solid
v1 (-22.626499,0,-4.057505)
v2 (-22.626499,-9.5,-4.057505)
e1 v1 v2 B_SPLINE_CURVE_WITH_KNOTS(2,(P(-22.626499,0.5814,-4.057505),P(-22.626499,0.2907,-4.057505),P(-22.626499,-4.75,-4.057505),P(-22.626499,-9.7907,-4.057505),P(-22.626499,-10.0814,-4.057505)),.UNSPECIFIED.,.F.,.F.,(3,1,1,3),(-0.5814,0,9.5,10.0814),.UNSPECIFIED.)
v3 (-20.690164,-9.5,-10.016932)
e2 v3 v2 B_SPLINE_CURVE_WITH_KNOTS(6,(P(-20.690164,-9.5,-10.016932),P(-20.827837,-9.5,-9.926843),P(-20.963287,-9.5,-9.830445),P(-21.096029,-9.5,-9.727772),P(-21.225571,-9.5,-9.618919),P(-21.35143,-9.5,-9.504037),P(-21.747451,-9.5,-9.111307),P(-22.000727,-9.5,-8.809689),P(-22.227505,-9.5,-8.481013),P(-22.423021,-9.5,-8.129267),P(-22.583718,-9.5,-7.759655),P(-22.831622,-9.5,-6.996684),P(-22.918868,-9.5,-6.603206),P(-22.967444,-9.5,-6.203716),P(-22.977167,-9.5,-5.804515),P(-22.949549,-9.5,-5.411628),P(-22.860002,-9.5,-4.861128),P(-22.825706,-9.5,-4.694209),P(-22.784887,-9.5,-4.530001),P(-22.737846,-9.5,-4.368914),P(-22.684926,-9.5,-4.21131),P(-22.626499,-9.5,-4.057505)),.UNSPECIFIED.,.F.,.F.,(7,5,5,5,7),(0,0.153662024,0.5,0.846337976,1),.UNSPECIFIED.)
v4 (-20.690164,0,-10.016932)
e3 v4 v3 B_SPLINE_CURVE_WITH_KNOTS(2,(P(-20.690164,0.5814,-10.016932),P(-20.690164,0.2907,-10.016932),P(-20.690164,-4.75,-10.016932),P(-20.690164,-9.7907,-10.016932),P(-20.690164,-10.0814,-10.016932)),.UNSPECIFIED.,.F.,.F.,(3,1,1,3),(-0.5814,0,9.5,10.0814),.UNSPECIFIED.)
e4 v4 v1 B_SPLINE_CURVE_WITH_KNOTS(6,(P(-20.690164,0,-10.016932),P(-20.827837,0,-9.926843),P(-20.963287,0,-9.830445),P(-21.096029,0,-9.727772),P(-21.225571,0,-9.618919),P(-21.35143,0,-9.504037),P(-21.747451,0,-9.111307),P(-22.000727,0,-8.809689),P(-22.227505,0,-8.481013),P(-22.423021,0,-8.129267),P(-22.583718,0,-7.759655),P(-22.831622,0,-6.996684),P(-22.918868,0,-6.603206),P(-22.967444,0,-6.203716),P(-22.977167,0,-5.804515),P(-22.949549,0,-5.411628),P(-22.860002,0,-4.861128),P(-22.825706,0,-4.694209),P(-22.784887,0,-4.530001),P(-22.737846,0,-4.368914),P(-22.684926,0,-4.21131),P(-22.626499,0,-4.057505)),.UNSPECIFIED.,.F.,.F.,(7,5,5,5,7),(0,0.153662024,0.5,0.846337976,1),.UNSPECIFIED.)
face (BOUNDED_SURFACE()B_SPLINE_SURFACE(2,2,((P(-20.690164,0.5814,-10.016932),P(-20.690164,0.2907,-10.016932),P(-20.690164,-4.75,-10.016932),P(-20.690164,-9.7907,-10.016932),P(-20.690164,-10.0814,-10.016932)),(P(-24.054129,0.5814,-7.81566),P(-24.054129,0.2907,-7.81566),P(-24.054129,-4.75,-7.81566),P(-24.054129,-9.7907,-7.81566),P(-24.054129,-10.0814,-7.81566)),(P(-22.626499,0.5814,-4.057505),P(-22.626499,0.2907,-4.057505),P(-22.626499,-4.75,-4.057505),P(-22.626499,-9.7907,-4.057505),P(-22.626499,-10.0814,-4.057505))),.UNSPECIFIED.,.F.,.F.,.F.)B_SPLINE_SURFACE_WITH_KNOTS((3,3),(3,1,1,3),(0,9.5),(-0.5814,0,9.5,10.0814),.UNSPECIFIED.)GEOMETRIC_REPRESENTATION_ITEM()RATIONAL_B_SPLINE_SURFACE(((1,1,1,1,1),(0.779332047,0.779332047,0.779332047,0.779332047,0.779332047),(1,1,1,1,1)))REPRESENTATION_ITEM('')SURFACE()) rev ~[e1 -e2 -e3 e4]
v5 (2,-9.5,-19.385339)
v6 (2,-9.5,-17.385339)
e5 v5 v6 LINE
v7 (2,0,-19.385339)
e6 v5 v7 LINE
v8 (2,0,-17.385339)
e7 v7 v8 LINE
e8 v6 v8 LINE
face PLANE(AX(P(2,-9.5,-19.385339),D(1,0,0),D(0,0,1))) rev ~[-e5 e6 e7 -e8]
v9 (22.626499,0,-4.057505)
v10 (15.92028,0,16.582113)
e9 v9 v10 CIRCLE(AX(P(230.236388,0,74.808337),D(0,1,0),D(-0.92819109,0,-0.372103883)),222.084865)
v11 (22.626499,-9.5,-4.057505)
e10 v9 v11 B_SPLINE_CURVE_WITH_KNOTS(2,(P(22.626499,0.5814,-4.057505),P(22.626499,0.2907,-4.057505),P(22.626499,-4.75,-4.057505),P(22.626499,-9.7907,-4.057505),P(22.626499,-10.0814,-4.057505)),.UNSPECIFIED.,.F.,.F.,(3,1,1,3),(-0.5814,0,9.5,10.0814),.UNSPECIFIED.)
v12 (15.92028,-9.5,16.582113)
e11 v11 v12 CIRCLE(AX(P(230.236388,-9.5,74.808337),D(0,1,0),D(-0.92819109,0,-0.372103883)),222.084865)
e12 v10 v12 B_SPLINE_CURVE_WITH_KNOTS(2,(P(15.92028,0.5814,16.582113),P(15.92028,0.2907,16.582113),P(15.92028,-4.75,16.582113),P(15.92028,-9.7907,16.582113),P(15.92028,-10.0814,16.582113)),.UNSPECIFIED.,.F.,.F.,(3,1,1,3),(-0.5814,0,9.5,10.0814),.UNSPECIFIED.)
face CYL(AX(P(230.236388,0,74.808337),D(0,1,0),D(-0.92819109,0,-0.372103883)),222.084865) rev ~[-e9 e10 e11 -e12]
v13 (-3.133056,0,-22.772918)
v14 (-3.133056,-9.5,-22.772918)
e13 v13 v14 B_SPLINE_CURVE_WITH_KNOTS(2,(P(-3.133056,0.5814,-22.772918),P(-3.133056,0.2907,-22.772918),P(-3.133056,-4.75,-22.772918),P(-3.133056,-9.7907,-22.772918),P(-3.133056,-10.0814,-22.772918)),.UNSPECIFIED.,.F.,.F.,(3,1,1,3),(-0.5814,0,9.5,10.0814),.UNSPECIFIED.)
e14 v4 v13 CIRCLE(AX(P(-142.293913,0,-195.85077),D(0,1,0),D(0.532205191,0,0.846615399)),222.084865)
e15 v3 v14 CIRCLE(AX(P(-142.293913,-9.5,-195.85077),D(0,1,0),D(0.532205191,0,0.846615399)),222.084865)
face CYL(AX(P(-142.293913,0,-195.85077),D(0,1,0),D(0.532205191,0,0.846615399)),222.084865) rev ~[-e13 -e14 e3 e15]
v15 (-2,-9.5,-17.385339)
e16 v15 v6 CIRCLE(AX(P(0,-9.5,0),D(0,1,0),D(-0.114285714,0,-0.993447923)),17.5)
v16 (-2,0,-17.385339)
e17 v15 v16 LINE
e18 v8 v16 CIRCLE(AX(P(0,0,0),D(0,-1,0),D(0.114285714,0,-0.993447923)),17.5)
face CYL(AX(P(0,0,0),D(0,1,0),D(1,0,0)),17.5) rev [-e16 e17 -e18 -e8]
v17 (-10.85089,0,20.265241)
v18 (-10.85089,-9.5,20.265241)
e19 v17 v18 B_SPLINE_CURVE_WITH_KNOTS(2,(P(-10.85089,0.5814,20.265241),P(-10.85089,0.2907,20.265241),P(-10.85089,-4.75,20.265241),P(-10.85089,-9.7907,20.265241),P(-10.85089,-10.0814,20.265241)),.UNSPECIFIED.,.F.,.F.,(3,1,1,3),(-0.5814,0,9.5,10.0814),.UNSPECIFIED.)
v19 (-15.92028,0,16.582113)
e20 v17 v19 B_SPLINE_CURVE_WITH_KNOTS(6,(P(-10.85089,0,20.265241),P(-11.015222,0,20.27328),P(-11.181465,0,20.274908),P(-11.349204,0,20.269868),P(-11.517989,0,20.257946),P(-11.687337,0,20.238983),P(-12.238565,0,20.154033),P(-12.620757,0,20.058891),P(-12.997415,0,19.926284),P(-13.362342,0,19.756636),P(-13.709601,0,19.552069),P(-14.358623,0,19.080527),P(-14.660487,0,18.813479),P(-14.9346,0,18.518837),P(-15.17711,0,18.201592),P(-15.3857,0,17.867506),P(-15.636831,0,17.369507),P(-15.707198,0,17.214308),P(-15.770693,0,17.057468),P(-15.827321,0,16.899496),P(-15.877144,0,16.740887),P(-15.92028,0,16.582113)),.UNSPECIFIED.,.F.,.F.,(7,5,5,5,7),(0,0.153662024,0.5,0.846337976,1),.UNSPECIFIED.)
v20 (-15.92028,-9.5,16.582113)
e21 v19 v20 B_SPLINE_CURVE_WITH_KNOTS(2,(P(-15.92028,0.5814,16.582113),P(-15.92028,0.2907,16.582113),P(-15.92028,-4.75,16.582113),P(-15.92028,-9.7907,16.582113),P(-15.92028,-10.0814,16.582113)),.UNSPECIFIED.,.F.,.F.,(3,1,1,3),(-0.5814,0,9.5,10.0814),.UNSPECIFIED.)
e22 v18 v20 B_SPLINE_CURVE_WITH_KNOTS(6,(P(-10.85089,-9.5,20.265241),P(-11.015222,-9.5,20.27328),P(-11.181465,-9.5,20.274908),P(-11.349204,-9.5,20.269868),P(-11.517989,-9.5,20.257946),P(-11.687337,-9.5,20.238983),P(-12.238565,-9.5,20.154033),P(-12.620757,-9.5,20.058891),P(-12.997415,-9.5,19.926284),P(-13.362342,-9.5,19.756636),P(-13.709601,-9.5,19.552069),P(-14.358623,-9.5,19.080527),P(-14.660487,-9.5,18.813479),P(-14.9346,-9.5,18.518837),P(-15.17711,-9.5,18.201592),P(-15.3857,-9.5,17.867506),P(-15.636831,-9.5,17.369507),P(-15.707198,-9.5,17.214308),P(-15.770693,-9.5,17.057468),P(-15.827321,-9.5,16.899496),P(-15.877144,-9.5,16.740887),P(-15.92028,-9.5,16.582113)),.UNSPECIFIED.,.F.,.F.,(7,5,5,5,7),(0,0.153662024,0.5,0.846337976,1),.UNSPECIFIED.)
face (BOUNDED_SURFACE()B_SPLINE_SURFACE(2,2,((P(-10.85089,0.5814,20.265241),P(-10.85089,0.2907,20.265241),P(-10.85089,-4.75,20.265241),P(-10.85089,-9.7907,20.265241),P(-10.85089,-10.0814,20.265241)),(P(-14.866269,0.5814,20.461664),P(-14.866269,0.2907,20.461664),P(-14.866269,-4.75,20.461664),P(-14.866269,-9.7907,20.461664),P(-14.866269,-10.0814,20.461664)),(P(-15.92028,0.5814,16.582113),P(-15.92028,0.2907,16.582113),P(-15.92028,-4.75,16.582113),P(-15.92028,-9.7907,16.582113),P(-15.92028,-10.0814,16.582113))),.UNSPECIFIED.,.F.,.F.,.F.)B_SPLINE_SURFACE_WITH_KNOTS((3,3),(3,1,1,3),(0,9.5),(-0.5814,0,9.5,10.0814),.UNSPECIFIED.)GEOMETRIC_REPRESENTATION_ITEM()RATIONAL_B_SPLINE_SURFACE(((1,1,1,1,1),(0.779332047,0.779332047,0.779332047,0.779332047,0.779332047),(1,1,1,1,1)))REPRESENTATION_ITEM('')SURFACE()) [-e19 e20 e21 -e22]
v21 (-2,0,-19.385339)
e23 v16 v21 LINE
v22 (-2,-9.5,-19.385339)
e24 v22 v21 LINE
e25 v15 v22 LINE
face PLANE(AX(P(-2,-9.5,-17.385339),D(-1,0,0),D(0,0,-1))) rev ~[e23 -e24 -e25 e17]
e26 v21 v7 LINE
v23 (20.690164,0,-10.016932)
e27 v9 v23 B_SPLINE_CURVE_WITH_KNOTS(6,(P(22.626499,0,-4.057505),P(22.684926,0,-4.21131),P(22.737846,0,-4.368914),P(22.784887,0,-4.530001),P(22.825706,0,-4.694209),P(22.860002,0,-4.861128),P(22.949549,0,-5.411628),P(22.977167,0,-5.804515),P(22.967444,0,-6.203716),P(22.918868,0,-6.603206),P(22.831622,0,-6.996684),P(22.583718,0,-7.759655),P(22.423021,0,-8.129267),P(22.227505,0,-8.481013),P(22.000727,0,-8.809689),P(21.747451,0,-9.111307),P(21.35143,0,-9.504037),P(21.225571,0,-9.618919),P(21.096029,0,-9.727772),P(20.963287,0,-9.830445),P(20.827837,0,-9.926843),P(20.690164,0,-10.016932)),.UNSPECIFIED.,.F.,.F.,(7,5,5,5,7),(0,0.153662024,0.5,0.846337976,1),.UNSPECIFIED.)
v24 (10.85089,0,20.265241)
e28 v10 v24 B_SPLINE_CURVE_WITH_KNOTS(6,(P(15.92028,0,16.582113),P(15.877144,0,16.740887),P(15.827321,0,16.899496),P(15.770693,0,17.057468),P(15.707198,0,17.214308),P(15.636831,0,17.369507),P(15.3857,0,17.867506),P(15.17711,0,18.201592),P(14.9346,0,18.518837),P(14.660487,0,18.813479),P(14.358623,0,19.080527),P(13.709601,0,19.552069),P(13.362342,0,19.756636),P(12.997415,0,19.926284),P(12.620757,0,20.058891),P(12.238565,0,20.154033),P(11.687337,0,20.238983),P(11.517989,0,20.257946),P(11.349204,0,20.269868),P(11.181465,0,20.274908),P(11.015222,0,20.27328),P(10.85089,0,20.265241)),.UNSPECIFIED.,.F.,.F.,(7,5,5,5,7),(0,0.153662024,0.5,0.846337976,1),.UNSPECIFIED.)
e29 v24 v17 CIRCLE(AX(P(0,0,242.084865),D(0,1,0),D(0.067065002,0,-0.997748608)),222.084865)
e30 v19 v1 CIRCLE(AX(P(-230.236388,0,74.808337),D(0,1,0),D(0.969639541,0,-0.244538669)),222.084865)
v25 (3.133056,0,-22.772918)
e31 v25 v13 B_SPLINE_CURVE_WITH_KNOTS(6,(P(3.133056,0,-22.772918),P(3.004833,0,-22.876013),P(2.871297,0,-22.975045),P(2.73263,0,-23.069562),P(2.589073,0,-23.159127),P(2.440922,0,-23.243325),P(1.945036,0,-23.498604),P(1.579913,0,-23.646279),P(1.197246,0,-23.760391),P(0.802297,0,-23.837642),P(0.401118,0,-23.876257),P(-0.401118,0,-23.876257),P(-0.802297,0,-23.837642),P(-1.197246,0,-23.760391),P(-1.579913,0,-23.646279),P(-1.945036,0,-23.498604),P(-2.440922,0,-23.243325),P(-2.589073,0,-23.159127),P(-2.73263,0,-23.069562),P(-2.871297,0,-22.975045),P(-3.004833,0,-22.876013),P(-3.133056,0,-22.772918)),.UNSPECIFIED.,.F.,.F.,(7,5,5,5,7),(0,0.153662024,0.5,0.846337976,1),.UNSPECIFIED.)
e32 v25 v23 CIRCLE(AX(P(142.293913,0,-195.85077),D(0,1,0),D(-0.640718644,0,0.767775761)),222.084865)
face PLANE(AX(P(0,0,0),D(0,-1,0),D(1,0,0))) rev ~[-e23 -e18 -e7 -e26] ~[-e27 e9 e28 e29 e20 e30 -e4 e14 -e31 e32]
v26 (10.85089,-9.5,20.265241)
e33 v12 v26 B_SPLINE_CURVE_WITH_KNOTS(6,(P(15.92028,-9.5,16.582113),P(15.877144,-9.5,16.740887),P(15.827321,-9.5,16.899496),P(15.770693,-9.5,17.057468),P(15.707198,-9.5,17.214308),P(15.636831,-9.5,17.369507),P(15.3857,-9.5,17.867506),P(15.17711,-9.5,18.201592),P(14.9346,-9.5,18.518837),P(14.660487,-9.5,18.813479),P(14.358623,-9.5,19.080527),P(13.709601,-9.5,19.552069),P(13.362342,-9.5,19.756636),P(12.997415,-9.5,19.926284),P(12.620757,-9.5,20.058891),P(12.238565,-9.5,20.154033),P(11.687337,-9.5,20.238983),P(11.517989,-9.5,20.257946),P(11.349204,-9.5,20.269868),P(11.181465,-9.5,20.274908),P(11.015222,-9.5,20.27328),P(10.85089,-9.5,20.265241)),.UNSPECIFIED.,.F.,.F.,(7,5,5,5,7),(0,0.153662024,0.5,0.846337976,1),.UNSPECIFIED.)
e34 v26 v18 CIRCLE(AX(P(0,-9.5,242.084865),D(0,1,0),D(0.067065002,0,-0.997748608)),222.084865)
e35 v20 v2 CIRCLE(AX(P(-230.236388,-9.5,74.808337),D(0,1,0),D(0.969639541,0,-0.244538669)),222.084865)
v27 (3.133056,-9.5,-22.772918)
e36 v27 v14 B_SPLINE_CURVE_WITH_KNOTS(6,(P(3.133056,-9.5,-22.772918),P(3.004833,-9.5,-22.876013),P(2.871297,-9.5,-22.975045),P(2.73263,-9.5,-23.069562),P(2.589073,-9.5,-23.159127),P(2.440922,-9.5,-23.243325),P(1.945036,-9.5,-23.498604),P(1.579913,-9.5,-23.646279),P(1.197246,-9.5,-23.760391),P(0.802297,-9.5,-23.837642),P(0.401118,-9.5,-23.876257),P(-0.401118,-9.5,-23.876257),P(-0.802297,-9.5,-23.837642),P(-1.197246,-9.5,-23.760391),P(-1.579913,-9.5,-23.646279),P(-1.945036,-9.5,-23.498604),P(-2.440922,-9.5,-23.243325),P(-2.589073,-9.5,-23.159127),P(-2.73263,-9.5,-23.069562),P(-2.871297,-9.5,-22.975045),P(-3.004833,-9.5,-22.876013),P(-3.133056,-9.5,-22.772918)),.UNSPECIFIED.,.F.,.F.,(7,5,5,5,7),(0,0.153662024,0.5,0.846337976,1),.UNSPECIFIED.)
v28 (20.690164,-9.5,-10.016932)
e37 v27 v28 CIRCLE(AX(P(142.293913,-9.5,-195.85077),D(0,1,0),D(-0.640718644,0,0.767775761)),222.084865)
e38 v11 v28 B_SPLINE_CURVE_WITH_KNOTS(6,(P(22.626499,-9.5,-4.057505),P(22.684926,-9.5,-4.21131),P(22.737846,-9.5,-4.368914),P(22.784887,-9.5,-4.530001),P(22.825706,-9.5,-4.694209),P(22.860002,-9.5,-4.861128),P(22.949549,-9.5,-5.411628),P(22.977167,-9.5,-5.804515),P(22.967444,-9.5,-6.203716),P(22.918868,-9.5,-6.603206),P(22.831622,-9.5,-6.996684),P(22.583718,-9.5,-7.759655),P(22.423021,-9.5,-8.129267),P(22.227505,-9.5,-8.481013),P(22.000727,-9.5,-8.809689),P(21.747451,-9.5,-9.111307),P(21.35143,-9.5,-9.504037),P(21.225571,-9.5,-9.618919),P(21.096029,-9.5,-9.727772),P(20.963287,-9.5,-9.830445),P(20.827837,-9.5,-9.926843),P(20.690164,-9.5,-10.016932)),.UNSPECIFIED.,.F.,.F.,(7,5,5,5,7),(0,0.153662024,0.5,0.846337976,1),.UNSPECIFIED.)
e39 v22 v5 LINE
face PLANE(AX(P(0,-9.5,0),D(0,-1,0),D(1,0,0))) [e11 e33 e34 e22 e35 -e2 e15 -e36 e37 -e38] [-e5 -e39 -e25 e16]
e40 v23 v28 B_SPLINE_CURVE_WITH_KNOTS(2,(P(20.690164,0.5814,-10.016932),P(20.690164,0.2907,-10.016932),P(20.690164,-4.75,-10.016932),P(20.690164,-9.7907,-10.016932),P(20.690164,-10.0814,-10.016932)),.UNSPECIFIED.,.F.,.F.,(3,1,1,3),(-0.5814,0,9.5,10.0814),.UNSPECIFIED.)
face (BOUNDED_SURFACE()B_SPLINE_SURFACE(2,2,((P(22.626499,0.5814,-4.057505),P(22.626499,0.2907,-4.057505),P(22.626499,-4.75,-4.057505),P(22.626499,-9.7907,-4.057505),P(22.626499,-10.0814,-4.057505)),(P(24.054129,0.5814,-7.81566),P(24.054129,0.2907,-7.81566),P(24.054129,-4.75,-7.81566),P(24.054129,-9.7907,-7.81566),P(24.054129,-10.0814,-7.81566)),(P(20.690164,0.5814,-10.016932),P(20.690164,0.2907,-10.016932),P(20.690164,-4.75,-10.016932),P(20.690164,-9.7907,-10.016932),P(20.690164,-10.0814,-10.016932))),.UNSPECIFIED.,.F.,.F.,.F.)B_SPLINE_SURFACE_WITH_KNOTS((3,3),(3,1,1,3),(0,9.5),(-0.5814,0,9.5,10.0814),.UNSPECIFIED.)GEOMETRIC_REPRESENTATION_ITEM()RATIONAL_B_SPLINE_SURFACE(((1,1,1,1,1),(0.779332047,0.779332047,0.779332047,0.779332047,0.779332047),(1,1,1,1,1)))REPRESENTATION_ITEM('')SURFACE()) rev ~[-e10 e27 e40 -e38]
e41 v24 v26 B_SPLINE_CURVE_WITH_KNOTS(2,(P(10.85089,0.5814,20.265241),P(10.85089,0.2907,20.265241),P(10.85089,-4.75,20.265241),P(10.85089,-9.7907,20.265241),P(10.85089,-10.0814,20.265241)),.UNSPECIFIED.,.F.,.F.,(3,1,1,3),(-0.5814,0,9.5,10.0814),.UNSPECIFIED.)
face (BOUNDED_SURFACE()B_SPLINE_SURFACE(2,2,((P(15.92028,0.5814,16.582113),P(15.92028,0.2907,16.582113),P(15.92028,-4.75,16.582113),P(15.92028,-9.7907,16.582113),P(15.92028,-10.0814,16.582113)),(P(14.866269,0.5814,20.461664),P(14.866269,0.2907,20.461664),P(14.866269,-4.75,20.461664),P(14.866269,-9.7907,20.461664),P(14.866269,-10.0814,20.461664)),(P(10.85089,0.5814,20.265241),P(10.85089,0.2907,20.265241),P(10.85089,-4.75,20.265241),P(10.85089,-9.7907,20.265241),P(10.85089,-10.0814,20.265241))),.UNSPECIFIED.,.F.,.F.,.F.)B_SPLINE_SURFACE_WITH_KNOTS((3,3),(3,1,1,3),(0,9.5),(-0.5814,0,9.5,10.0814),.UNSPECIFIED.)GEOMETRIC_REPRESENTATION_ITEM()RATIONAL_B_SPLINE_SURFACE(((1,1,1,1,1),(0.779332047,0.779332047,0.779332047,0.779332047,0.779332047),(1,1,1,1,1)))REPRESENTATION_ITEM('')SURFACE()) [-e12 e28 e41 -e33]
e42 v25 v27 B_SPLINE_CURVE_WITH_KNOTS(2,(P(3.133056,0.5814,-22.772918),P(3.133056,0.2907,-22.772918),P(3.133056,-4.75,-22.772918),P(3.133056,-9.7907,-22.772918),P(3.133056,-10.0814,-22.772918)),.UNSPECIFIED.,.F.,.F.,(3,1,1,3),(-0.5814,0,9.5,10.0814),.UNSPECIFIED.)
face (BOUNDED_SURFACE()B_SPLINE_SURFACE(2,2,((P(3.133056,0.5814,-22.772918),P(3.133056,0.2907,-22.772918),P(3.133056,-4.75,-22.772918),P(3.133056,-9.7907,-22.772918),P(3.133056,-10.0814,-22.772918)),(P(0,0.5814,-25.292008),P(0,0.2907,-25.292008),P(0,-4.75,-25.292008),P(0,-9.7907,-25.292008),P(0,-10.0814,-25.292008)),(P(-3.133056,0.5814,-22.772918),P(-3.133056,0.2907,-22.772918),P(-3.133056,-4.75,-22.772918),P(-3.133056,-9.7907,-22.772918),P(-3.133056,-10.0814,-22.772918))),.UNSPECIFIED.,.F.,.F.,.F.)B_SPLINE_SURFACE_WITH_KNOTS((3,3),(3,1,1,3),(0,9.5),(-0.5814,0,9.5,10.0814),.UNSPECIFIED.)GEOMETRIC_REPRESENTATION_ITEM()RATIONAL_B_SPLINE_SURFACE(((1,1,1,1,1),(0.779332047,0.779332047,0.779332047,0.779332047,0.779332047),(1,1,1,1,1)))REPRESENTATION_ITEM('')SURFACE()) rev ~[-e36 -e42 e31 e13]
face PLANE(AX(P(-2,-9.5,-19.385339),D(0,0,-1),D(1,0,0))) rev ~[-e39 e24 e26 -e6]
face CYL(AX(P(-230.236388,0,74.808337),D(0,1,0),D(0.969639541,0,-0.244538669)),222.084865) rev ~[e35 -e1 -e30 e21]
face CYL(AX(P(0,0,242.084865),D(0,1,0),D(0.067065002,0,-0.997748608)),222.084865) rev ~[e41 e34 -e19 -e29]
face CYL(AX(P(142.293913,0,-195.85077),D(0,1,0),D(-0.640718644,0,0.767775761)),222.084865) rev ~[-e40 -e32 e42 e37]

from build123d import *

# Parameters (mm, degrees)
F0_R     = 17.5
F1_DEPTH = 9.5
F2_R     = 5
F4_DEPTH = 9.5010001


with BuildPart() as f1:
    # F0 (on Front) → F1 (new body)
    with BuildSketch(Plane.XZ):
        with BuildLine():
            ThreePointArc((24.099195344, -7.8303032306), (19.0211303259, 6.1803398875), (14.8941218241, 20.5))
            ThreePointArc((14.8941218241, 20.5), (0, 20), (-14.8941218241, 20.5))
            ThreePointArc((-14.8941218241, 20.5), (-19.0211303259, 6.1803398875), (-24.099195344, -7.8303032306))
            ThreePointArc((-24.099195344, -7.8303032306), (-11.7557050458, -16.1803398875), (0, -25.3393935387))
            ThreePointArc((0, -25.3393935387), (11.7557050458, -16.1803398875), (24.099195344, -7.8303032306))
        make_face()
        Circle(F0_R, mode=Mode.SUBTRACT)
    extrude(amount=F1_DEPTH)

    # F2
    f2_edges = [f1.edges().sort_by_distance(p)[0] for p in [
        (0, -4.75, -25.339394),
        (-24.099195, -4.75, -7.830303),
        (-14.894122, -4.75, 20.5),
        (14.894122, -4.75, 20.5),
        (24.099195, -4.75, -7.830303),
    ]]
    fillet(f2_edges, radius=F2_R)

    # F3 (on face) → F4 (cut, through all)
    with BuildSketch(Plane.XZ.offset(9.5)):
        Polygon((2, -19.3853386507), (2, -17.3853386507), (-2, -17.3853386507), (-2, -19.3853386507), (0, -19.3853386507), align=None)
    extrude(amount=-F4_DEPTH, mode=Mode.SUBTRACT)


solid = f1.part
